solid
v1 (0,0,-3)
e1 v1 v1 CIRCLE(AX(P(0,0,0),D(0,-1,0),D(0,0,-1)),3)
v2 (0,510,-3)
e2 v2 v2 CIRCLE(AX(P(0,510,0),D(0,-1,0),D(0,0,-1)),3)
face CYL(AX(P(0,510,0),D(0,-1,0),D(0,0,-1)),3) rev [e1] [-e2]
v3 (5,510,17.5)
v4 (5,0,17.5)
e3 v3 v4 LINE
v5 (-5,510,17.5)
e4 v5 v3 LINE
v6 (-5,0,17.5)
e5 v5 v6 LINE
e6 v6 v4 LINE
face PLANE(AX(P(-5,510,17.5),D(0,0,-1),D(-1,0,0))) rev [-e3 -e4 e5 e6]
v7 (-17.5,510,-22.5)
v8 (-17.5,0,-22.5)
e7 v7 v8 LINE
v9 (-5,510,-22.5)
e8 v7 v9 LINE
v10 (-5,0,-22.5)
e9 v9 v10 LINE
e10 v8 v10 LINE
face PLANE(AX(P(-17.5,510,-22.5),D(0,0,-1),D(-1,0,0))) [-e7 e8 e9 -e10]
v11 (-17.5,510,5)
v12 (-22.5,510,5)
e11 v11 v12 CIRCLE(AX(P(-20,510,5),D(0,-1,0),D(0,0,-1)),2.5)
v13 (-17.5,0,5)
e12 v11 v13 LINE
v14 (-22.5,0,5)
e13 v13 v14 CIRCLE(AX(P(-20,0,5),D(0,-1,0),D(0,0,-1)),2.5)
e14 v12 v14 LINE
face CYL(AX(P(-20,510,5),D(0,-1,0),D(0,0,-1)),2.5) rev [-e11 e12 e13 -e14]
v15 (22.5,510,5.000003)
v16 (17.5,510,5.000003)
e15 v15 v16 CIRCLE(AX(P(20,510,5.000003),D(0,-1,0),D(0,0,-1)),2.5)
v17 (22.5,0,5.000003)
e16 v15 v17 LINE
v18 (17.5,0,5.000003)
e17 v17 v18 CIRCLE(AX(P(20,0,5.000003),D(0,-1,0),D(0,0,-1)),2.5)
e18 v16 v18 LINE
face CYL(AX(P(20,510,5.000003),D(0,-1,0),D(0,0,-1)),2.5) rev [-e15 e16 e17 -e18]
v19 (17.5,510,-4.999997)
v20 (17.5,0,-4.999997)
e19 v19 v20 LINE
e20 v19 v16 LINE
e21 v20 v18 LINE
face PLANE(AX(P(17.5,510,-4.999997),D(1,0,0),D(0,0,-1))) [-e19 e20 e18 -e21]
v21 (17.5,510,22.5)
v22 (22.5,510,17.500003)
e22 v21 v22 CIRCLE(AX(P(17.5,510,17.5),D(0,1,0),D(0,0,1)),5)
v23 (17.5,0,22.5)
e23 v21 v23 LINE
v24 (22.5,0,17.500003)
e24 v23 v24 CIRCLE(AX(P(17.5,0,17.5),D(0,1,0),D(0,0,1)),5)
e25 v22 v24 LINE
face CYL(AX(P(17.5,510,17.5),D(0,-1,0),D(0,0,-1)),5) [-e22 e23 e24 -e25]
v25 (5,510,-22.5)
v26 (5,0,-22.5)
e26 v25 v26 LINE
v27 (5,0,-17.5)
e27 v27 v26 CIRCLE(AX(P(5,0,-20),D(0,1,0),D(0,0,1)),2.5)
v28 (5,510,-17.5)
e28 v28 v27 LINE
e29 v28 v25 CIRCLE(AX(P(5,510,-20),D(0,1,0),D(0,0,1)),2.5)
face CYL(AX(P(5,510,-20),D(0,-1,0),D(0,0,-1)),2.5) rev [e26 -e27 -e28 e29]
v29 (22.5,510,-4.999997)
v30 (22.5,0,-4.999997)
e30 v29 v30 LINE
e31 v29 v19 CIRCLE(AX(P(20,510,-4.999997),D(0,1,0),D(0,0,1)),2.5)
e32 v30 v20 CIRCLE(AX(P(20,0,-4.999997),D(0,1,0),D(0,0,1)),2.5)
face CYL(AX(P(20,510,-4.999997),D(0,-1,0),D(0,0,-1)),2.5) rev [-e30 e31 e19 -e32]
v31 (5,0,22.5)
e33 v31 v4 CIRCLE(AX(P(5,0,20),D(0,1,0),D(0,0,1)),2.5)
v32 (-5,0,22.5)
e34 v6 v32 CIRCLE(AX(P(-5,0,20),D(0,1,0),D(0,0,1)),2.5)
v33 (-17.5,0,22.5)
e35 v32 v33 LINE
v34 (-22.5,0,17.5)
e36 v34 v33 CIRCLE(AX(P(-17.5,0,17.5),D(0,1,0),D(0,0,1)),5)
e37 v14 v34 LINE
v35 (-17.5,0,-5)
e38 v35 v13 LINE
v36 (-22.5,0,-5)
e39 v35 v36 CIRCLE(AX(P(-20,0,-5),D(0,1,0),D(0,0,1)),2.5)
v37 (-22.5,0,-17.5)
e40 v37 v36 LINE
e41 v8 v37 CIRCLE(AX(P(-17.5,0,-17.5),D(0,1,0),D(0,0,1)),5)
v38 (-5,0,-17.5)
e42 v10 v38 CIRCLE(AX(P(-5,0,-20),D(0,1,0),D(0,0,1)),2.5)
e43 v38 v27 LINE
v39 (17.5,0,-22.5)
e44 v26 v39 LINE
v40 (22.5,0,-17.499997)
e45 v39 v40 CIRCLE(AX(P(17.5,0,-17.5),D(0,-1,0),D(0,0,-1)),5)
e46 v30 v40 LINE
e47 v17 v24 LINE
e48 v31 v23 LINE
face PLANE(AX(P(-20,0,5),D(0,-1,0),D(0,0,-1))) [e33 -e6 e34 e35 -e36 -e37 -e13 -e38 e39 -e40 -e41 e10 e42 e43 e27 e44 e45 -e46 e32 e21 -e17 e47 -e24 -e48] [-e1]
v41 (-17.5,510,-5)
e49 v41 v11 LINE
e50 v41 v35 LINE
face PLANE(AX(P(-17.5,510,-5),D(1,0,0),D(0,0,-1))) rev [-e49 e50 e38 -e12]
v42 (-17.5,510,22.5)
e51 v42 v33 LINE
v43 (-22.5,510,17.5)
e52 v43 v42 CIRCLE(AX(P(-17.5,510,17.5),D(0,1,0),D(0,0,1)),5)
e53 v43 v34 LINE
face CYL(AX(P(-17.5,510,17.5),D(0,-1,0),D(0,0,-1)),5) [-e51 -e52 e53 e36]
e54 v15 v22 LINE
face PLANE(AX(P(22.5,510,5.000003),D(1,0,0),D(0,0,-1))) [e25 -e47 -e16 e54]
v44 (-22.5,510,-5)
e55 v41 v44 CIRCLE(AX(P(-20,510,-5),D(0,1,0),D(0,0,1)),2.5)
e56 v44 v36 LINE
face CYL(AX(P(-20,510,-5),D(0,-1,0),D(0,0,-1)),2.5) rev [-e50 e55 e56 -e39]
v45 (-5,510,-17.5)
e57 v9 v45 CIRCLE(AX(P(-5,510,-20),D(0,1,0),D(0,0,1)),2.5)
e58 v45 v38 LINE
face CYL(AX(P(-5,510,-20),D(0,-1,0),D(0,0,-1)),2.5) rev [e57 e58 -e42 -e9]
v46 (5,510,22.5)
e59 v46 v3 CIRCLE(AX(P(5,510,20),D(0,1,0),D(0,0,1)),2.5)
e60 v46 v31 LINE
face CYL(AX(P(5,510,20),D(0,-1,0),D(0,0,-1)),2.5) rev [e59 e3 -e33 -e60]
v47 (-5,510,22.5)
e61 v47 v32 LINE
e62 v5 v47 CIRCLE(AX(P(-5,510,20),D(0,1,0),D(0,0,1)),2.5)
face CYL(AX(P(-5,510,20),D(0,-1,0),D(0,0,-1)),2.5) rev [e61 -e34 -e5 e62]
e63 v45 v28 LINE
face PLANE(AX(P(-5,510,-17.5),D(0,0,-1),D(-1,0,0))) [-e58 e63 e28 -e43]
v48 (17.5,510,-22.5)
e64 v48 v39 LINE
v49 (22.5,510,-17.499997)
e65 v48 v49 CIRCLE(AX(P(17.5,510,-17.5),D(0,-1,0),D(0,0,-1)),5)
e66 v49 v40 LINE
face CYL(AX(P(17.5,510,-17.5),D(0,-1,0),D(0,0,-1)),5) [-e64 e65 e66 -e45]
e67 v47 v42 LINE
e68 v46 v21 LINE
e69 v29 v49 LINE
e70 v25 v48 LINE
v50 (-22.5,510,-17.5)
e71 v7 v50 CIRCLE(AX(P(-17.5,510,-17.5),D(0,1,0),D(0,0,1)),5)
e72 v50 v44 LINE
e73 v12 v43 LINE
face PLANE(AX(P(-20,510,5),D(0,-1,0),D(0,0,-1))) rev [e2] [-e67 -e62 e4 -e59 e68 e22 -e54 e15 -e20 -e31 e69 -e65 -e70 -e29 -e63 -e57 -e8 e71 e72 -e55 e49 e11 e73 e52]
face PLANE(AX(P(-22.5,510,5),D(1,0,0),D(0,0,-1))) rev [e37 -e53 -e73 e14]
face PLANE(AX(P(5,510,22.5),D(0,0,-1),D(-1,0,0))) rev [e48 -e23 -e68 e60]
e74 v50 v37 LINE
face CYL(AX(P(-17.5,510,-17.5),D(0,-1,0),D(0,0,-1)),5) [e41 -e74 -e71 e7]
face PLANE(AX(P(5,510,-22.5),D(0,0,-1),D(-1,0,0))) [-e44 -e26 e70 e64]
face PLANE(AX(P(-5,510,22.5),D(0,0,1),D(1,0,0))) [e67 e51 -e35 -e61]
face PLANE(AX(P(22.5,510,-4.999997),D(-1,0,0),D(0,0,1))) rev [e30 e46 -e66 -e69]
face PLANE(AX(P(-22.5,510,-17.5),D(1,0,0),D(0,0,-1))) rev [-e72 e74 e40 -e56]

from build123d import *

# Parameters (mm, degrees)
BOSS_EXTRU_2_DEPTH      = 510
ESQUISSE5_R             = 3
ENL_V_MAT_EXTRU_1_DEPTH = 511.991682907


with BuildPart() as part:
    # Esquisse4 → Boss.-Extru.2 (new body)
    with BuildSketch(Plane(origin=(0, 0, 0), x_dir=(1, 0, 0), z_dir=(0, 1, 0))):
        with BuildLine():
            Line((-17.5, 22.5), (-5, 22.5))
            ThreePointArc((-5, 22.5), (-7.5, 20), (-5, 17.5))
            Line((-5, 17.5), (5, 17.5))
            ThreePointArc((5, 17.5), (7.5, 20), (5, 22.5))
            Line((5, 22.5), (17.5, 22.5))
            ThreePointArc((17.5, 22.5), (21.035534799, 21.035533013), (22.5, 17.499997475))
            Line((22.5, 17.499997475), (22.5, 4.999997475))
            ThreePointArc((22.5, 4.999997475), (20, 7.499997475), (17.5, 4.999997475))
            Line((17.5, 4.999997475), (17.5, -5.000002525))
            ThreePointArc((17.5, -5.000002525), (20, -7.500002525), (22.5, -5.000002525))
            Line((22.5, -5.000002525), (22.5, -17.500002525))
            ThreePointArc((22.5, -17.500002525), (21.035533013, -21.035534799), (17.5, -22.5))
            Line((17.5, -22.5), (5, -22.5))
            ThreePointArc((5, -22.5), (7.5, -20), (5, -17.5))
            Line((5, -17.5), (-5, -17.5))
            ThreePointArc((-5, -17.5), (-7.5, -20), (-5, -22.5))
            Line((-5, -22.5), (-17.5, -22.5))
            ThreePointArc((-17.5, -22.5), (-21.035533906, -21.035533906), (-22.5, -17.5))
            Line((-22.5, -17.5), (-22.5, -5))
            ThreePointArc((-22.5, -5), (-20, -7.5), (-17.5, -5))
            Line((-17.5, -5), (-17.5, 5))
            ThreePointArc((-17.5, 5), (-20, 7.5), (-22.5, 5))
            Line((-22.5, 5), (-22.5, 17.5))
            ThreePointArc((-22.5, 17.5), (-21.035533906, 21.035533906), (-17.5, 22.5))
        make_face()
    extrude(amount=BOSS_EXTRU_2_DEPTH)

    # Esquisse5 → Enlèv. mat.-Extru.1 (cut, through all)
    with BuildSketch(Plane.XZ):
        with Locations(Location((0, 0, 0), (0, 0, 270))):
            Circle(ESQUISSE5_R)
    extrude(amount=-ENL_V_MAT_EXTRU_1_DEPTH, mode=Mode.SUBTRACT)


solid = part.part
